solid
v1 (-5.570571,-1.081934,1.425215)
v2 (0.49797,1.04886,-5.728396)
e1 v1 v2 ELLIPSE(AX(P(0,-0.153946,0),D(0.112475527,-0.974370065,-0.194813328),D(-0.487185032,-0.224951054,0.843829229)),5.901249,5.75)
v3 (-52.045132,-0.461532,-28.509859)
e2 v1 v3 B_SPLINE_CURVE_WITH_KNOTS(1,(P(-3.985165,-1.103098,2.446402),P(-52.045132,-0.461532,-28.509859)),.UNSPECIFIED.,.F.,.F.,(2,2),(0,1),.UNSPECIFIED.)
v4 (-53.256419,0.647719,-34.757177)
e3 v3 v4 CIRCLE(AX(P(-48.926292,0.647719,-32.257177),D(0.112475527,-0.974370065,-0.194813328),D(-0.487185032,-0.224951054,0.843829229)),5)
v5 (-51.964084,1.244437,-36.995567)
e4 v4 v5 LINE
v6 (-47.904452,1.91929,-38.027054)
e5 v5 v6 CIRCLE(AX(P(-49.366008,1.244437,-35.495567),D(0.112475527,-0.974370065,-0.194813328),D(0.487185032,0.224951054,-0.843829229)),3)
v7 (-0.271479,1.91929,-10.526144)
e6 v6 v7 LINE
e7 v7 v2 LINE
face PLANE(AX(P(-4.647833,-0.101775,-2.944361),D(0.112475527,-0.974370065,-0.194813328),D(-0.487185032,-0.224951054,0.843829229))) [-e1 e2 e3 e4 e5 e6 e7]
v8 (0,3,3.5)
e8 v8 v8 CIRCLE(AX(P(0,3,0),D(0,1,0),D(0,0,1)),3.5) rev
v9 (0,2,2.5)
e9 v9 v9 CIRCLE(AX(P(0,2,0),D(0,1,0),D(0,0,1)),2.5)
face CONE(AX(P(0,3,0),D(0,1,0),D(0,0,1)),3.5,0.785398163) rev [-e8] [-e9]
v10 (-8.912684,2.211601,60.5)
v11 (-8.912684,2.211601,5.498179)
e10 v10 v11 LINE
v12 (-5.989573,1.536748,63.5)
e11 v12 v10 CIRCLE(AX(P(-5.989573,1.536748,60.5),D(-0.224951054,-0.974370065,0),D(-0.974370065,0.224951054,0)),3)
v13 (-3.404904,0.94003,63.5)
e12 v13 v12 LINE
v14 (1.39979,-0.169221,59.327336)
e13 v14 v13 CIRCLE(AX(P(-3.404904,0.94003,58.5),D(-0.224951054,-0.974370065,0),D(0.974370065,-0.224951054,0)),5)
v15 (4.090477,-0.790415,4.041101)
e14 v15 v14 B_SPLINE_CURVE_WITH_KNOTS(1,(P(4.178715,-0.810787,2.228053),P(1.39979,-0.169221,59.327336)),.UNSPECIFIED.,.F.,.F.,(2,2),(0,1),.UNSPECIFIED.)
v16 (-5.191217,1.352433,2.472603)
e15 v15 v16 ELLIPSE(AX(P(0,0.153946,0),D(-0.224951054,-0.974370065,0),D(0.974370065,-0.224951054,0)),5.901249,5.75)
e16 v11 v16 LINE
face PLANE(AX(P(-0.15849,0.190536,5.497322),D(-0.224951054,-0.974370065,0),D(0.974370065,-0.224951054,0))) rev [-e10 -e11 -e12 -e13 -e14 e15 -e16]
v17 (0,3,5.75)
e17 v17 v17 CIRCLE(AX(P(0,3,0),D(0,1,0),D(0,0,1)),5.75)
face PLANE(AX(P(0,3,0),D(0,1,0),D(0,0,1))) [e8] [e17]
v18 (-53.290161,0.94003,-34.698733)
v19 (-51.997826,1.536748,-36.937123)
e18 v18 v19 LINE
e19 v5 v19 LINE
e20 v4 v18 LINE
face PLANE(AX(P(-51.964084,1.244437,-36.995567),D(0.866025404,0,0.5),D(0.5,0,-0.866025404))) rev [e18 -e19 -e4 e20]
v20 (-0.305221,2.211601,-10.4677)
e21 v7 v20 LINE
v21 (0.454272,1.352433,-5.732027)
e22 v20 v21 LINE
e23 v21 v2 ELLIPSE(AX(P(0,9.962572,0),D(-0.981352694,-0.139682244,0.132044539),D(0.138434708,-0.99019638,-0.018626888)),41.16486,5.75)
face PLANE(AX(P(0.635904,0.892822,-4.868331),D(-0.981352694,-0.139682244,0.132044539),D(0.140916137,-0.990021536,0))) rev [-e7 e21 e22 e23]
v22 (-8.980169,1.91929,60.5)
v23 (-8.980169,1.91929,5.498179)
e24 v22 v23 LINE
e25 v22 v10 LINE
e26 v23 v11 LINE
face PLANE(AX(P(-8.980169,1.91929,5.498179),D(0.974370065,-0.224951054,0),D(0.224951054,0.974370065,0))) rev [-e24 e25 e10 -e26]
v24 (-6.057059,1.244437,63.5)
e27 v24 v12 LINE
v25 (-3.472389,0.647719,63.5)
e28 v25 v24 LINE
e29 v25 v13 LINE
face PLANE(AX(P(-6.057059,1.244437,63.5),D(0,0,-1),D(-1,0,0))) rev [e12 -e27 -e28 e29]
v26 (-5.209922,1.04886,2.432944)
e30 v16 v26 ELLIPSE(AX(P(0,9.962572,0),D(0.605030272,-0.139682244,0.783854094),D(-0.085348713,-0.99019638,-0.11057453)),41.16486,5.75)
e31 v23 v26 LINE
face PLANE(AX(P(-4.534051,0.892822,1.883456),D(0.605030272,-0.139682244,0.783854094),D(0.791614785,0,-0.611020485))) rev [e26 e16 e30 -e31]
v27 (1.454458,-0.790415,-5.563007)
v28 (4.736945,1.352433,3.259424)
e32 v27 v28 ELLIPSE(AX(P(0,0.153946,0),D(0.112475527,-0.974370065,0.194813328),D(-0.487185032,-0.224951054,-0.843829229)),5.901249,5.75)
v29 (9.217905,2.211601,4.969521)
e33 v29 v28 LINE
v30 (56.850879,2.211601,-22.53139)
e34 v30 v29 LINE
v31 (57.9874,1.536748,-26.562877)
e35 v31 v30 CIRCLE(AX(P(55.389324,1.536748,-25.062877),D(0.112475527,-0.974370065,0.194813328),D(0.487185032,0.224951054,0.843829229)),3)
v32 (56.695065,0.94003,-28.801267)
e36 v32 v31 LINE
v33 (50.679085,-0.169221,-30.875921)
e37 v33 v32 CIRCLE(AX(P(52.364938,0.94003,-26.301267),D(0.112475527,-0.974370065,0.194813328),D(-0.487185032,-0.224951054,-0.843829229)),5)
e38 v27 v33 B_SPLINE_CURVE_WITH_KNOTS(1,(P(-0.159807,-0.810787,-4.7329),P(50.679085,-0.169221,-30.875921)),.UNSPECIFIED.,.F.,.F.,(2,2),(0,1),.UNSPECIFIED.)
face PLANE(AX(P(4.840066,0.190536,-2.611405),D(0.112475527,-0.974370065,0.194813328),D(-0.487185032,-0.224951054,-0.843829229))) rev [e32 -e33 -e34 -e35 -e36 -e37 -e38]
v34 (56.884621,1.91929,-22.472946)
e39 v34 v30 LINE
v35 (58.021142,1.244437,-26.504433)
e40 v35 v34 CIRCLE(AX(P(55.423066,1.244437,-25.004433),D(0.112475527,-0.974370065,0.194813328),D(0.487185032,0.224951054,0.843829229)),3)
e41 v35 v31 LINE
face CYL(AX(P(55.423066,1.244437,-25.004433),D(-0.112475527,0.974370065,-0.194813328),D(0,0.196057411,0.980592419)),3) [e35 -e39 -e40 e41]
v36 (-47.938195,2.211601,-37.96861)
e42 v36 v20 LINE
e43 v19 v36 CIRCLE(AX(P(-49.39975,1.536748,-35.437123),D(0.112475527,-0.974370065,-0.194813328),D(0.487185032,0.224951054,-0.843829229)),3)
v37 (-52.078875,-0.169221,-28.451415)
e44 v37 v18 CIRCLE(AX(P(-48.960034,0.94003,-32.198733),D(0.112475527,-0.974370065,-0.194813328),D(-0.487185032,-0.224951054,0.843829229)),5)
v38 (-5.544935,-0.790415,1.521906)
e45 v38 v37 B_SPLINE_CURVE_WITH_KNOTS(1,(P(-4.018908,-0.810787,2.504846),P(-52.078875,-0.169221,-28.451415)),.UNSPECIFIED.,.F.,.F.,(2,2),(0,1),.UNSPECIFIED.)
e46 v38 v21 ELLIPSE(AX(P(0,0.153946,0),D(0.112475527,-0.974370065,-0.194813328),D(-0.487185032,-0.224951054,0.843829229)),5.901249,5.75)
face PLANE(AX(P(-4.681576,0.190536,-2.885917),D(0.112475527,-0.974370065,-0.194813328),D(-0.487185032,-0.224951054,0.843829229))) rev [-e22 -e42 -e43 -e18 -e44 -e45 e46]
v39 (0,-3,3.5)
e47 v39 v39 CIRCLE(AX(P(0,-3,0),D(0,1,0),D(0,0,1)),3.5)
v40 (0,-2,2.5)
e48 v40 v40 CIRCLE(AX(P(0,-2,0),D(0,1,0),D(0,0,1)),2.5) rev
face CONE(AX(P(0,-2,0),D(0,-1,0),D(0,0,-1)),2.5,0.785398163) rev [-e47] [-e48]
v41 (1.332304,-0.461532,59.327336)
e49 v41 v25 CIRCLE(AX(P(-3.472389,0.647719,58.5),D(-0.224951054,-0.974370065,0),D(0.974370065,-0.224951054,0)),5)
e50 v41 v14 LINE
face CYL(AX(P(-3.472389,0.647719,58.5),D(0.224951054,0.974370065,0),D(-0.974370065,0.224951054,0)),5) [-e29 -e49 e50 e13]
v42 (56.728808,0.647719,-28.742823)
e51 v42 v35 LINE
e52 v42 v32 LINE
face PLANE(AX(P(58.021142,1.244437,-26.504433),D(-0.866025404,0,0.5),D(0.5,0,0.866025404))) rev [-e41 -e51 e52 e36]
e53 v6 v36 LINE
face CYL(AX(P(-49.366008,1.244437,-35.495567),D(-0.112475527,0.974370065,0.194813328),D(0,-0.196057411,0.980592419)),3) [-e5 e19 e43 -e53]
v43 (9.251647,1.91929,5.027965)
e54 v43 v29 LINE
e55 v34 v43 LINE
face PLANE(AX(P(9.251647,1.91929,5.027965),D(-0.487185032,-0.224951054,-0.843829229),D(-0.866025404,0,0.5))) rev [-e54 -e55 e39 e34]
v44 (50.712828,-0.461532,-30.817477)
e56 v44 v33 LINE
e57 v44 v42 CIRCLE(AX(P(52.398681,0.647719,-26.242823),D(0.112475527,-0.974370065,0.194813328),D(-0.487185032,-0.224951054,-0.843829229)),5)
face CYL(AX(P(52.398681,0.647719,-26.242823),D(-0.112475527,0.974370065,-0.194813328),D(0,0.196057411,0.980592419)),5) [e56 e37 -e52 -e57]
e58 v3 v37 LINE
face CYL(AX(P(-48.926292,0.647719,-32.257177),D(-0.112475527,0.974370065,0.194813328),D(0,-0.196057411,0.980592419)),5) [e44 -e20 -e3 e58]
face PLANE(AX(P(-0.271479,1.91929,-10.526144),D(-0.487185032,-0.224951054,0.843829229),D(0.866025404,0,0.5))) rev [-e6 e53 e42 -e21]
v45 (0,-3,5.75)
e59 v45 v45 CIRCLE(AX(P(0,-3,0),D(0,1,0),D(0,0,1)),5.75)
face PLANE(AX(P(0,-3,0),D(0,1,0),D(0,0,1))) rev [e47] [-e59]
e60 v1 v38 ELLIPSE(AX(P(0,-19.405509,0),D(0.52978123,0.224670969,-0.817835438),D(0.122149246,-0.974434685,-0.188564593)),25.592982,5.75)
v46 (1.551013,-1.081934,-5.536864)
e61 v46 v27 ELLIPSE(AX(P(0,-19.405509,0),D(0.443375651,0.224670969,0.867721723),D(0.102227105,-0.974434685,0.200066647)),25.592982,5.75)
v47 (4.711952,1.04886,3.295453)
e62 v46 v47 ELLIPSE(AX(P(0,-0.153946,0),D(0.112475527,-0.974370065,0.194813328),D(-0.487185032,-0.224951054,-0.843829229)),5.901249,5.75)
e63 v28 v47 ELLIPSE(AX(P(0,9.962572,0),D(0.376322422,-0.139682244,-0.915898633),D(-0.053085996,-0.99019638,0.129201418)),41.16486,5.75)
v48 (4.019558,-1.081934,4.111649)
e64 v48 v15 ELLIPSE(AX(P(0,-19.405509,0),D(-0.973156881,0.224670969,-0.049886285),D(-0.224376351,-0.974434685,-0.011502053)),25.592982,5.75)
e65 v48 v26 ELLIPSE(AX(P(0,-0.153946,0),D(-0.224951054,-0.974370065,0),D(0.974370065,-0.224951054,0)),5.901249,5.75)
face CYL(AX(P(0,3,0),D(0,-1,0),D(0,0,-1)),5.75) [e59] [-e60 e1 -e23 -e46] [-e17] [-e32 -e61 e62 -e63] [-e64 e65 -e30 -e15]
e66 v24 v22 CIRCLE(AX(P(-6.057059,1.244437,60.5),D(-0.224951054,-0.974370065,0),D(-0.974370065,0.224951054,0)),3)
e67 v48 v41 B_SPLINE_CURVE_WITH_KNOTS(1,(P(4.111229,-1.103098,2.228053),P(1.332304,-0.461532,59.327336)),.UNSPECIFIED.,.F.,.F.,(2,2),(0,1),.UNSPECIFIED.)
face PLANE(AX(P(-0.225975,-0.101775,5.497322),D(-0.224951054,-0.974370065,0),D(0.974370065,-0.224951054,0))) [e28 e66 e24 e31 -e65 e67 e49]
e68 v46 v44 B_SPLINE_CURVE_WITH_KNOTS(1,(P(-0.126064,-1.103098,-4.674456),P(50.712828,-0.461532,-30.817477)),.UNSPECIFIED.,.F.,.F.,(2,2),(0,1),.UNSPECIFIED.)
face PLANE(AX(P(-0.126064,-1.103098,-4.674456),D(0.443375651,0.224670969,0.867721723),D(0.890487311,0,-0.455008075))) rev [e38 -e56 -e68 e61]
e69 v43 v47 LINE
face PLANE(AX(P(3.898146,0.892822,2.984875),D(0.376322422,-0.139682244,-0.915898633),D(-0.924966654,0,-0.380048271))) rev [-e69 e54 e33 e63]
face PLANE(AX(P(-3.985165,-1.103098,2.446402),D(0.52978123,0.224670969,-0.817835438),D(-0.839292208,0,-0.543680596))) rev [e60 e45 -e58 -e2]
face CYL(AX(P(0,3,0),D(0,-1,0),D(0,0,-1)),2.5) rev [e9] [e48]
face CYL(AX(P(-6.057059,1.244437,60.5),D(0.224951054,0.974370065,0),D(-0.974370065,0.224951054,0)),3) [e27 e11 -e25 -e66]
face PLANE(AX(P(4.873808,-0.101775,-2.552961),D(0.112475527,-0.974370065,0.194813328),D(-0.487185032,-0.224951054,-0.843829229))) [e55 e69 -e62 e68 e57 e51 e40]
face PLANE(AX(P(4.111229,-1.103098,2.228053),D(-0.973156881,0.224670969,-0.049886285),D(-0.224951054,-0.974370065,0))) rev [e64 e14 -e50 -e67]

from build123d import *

# Parameters (mm, degrees)
SKETCH2_R           = 5.75
BOSS_EXTRUDE3_DEPTH = 3
BOSS_EXTRUDE4_DEPTH = 0.15
SKETCH10_R          = 2.5
CUT_EXTRUDE2_DEPTH  = 7
CIRPATTERN1_COUNT   = 3
CHAMFER1_SIZE       = 1


with BuildPart() as part:
    # Sketch2 → Boss-Extrude3 (new body, symmetric)
    with BuildSketch(Plane(origin=(0, 0, 0), x_dir=(1, 0, 0), z_dir=(0, 1, 0))):
        Circle(SKETCH2_R)
    extrude(amount=BOSS_EXTRUDE3_DEPTH, both=True)

    # Sketch7 → Boss-Extrude4 (add, symmetric)
    with BuildSketch(Plane(origin=(0, 0, 0), x_dir=(0.974370065, -0.224951054, 0), z_dir=(-0.224951054, -0.974370065, 0))):
        with BuildLine():
            Line((-4.618684487, 1.883456295), (-9.181754015, 5.498179334))
            Line((-9.181754015, 5.498179334), (-9.181754015, 60.5))
            ThreePointArc((-9.181754015, 60.5), (-8.303074359, 62.621320344), (-6.181754015, 63.5))
            Line((-6.181754015, 63.5), (-3.529096808, 63.5))
            ThreePointArc((-3.529096808, 63.5), (-0.299288732, 62.316849459), (1.401979675, 59.327335916))
            add(Edge.make_bspline(
                [(1.401979675, 59.327335916), (4.254001787, 2.228053108)],
                knots=[0, 0, 1, 1], degree=1))
            add(Edge.make_bspline(
                [(-4.618684487, 1.883456295), (-0.212236613, 8.938890212), (4.254001787, 2.228053108)],
                knots=[0, 0, 0, 1, 1, 1], degree=2))
        make_face()
    boss_extrude4 = extrude(amount=BOSS_EXTRUDE4_DEPTH, both=True)

    # Sketch10 → Cut-Extrude2 (cut, through all)
    with BuildSketch(Plane.XZ.offset(3)):
        Circle(SKETCH10_R)
    extrude(amount=-CUT_EXTRUDE2_DEPTH, mode=Mode.SUBTRACT)

    # CirPattern1: Boss-Extrude4 ×3 about axis
    cirpattern1_axis = Axis((0, 0, 0), (0, 1, 0))
    for i in range(1, CIRPATTERN1_COUNT):
        add(boss_extrude4.rotate(cirpattern1_axis, i * 360 / CIRPATTERN1_COUNT))

    # Chamfer1
    chamfer1_edges = [part.edges().sort_by_distance(p)[0] for p in [
        (-2.5, 3, 0),
        (-2.5, -3, 0),
    ]]
    chamfer(chamfer1_edges, length=CHAMFER1_SIZE)


solid = part.part
